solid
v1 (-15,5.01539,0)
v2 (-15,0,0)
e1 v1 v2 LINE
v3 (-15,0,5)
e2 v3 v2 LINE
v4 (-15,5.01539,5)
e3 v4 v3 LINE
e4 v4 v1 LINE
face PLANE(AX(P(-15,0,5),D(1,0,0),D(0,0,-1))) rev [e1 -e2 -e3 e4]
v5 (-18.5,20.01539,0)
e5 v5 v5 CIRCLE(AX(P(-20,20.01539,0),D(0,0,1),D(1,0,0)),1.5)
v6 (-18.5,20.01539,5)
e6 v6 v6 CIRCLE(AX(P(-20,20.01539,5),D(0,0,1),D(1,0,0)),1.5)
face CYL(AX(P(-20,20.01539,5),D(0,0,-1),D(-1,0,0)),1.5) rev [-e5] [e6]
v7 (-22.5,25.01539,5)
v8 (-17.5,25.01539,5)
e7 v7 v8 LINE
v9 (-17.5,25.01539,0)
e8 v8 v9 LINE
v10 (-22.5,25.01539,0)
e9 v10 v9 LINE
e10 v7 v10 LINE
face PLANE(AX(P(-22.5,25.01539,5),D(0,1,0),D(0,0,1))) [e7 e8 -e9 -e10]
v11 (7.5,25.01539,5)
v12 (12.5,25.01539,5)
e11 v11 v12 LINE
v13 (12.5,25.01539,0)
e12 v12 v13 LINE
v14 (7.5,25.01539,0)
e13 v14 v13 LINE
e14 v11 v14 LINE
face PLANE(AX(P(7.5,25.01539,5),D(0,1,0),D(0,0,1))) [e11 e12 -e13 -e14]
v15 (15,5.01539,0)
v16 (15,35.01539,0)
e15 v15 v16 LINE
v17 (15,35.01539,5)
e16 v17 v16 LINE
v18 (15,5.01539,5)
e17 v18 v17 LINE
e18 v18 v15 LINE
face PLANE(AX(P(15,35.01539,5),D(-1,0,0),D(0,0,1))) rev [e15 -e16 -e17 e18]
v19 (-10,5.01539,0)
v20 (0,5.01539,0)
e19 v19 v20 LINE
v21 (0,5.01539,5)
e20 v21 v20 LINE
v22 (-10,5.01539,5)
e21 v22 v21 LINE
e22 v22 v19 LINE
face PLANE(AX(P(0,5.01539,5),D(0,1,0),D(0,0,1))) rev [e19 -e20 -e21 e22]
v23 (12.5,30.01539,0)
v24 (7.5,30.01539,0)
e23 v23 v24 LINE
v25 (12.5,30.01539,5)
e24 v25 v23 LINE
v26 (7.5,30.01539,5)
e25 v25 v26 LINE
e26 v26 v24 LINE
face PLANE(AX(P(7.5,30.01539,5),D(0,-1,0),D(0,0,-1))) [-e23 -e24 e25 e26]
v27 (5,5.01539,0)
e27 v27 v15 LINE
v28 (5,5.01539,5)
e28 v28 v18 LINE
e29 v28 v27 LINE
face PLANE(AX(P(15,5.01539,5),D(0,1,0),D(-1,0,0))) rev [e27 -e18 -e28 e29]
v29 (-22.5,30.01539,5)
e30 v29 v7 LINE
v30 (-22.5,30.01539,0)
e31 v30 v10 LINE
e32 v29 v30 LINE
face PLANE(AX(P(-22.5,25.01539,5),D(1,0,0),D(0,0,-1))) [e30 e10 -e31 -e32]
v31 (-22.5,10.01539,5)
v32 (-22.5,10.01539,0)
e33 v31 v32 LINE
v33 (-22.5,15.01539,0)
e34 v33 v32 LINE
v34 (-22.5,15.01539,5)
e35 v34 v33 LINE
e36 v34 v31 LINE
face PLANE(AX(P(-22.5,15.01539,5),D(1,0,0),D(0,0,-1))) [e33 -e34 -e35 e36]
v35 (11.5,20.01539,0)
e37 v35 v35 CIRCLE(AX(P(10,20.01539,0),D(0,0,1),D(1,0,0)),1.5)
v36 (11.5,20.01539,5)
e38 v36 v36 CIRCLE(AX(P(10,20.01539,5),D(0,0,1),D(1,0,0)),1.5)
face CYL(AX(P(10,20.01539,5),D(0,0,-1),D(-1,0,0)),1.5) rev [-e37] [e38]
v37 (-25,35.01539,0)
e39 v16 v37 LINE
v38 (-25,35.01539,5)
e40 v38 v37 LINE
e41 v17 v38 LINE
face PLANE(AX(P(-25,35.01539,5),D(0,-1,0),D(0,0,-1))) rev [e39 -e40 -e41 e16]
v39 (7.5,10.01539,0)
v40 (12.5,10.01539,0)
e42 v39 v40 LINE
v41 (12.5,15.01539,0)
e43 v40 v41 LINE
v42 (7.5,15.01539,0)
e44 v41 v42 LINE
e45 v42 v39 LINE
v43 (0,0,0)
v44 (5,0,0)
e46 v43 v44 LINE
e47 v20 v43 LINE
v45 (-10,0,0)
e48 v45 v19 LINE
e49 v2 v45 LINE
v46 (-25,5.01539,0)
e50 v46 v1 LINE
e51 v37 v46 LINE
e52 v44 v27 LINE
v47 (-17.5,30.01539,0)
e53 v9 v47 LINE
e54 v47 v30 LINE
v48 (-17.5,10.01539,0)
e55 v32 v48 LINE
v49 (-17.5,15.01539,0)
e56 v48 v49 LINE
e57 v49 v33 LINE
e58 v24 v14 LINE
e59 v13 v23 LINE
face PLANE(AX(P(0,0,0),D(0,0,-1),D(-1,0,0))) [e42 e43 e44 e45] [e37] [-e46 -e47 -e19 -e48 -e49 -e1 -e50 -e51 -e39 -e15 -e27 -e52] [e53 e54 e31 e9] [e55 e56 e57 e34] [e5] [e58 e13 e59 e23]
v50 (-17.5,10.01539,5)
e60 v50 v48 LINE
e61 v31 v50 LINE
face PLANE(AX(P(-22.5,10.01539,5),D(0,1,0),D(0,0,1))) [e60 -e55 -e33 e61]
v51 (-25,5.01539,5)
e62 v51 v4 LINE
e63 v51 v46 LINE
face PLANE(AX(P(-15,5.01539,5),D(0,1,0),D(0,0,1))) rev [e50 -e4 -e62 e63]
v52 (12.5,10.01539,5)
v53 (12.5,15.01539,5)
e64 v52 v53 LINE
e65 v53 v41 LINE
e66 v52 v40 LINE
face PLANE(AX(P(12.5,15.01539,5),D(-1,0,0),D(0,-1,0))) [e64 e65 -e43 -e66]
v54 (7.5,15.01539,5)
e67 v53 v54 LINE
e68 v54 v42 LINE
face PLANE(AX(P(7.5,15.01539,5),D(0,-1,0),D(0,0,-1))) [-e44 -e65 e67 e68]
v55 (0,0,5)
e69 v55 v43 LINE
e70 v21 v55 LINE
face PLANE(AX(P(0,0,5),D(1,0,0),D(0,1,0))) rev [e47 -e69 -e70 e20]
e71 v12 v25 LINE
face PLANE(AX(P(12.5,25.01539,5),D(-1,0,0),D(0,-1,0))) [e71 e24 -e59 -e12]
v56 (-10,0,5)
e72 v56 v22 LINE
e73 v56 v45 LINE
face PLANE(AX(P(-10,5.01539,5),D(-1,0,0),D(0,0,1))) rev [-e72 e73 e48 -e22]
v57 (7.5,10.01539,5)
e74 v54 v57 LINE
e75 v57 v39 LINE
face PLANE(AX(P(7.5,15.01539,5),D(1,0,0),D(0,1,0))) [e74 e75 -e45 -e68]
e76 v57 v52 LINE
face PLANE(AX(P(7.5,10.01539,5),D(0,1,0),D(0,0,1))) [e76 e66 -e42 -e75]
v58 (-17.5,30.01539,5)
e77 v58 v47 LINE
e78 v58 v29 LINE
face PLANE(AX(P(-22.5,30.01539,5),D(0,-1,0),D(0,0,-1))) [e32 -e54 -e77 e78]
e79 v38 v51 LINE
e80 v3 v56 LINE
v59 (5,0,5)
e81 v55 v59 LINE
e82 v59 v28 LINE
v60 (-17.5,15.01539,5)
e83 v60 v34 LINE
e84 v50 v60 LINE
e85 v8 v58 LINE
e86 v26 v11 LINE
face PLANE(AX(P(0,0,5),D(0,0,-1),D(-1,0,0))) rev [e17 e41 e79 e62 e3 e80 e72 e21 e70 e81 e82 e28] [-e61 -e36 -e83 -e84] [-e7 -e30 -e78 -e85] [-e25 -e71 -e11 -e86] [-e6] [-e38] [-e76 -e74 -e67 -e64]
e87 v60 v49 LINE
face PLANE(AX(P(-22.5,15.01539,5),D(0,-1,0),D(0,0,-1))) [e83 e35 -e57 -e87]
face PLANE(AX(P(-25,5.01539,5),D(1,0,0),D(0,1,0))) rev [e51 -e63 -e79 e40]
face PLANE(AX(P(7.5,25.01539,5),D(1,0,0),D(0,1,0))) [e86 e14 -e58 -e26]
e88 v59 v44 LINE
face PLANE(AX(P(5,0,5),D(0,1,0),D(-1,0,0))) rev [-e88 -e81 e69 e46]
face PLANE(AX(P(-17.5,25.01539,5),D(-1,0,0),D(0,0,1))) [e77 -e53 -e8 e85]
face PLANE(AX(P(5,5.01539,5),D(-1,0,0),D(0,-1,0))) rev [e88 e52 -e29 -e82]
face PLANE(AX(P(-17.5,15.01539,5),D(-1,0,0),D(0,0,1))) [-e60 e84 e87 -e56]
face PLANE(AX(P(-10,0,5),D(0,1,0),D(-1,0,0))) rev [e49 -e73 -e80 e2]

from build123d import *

# Parameters (mm, degrees)
SKETCH1_R           = 1.5
SKETCH1_W           = 5
SKETCH1_H           = 5
BOSS_EXTRUDE1_DEPTH = 5


with BuildPart() as part:
    # Sketch1 → Boss-Extrude1 (new body)
    with BuildSketch(Plane.XY):
        Polygon((0, 0), (0, 5.015390442), (-10, 5.015390442), (-10, 0), (-15, 0), (-15, 5.015390442), (-25, 5.015390442), (-25, 35.015390442), (15, 35.015390442), (15, 5.015390442), (5, 5.015390442), (5, 0), align=None)
        with Locations((-20, 20.015390442)):
            Circle(SKETCH1_R, mode=Mode.SUBTRACT)
        with Locations((10, 20.015390442)):
            Circle(SKETCH1_R, mode=Mode.SUBTRACT)
        with Locations((-20, 12.515390442)):
            Rectangle(SKETCH1_W, SKETCH1_H, mode=Mode.SUBTRACT)
        with Locations((-20, 27.515390442)):
            Rectangle(SKETCH1_W, SKETCH1_H, mode=Mode.SUBTRACT)
        with Locations((10, 12.515390442)):
            Rectangle(SKETCH1_W, SKETCH1_H, mode=Mode.SUBTRACT)
        with Locations((10, 27.515390442)):
            Rectangle(SKETCH1_W, SKETCH1_H, mode=Mode.SUBTRACT)
    extrude(amount=BOSS_EXTRUDE1_DEPTH)


solid = part.part
